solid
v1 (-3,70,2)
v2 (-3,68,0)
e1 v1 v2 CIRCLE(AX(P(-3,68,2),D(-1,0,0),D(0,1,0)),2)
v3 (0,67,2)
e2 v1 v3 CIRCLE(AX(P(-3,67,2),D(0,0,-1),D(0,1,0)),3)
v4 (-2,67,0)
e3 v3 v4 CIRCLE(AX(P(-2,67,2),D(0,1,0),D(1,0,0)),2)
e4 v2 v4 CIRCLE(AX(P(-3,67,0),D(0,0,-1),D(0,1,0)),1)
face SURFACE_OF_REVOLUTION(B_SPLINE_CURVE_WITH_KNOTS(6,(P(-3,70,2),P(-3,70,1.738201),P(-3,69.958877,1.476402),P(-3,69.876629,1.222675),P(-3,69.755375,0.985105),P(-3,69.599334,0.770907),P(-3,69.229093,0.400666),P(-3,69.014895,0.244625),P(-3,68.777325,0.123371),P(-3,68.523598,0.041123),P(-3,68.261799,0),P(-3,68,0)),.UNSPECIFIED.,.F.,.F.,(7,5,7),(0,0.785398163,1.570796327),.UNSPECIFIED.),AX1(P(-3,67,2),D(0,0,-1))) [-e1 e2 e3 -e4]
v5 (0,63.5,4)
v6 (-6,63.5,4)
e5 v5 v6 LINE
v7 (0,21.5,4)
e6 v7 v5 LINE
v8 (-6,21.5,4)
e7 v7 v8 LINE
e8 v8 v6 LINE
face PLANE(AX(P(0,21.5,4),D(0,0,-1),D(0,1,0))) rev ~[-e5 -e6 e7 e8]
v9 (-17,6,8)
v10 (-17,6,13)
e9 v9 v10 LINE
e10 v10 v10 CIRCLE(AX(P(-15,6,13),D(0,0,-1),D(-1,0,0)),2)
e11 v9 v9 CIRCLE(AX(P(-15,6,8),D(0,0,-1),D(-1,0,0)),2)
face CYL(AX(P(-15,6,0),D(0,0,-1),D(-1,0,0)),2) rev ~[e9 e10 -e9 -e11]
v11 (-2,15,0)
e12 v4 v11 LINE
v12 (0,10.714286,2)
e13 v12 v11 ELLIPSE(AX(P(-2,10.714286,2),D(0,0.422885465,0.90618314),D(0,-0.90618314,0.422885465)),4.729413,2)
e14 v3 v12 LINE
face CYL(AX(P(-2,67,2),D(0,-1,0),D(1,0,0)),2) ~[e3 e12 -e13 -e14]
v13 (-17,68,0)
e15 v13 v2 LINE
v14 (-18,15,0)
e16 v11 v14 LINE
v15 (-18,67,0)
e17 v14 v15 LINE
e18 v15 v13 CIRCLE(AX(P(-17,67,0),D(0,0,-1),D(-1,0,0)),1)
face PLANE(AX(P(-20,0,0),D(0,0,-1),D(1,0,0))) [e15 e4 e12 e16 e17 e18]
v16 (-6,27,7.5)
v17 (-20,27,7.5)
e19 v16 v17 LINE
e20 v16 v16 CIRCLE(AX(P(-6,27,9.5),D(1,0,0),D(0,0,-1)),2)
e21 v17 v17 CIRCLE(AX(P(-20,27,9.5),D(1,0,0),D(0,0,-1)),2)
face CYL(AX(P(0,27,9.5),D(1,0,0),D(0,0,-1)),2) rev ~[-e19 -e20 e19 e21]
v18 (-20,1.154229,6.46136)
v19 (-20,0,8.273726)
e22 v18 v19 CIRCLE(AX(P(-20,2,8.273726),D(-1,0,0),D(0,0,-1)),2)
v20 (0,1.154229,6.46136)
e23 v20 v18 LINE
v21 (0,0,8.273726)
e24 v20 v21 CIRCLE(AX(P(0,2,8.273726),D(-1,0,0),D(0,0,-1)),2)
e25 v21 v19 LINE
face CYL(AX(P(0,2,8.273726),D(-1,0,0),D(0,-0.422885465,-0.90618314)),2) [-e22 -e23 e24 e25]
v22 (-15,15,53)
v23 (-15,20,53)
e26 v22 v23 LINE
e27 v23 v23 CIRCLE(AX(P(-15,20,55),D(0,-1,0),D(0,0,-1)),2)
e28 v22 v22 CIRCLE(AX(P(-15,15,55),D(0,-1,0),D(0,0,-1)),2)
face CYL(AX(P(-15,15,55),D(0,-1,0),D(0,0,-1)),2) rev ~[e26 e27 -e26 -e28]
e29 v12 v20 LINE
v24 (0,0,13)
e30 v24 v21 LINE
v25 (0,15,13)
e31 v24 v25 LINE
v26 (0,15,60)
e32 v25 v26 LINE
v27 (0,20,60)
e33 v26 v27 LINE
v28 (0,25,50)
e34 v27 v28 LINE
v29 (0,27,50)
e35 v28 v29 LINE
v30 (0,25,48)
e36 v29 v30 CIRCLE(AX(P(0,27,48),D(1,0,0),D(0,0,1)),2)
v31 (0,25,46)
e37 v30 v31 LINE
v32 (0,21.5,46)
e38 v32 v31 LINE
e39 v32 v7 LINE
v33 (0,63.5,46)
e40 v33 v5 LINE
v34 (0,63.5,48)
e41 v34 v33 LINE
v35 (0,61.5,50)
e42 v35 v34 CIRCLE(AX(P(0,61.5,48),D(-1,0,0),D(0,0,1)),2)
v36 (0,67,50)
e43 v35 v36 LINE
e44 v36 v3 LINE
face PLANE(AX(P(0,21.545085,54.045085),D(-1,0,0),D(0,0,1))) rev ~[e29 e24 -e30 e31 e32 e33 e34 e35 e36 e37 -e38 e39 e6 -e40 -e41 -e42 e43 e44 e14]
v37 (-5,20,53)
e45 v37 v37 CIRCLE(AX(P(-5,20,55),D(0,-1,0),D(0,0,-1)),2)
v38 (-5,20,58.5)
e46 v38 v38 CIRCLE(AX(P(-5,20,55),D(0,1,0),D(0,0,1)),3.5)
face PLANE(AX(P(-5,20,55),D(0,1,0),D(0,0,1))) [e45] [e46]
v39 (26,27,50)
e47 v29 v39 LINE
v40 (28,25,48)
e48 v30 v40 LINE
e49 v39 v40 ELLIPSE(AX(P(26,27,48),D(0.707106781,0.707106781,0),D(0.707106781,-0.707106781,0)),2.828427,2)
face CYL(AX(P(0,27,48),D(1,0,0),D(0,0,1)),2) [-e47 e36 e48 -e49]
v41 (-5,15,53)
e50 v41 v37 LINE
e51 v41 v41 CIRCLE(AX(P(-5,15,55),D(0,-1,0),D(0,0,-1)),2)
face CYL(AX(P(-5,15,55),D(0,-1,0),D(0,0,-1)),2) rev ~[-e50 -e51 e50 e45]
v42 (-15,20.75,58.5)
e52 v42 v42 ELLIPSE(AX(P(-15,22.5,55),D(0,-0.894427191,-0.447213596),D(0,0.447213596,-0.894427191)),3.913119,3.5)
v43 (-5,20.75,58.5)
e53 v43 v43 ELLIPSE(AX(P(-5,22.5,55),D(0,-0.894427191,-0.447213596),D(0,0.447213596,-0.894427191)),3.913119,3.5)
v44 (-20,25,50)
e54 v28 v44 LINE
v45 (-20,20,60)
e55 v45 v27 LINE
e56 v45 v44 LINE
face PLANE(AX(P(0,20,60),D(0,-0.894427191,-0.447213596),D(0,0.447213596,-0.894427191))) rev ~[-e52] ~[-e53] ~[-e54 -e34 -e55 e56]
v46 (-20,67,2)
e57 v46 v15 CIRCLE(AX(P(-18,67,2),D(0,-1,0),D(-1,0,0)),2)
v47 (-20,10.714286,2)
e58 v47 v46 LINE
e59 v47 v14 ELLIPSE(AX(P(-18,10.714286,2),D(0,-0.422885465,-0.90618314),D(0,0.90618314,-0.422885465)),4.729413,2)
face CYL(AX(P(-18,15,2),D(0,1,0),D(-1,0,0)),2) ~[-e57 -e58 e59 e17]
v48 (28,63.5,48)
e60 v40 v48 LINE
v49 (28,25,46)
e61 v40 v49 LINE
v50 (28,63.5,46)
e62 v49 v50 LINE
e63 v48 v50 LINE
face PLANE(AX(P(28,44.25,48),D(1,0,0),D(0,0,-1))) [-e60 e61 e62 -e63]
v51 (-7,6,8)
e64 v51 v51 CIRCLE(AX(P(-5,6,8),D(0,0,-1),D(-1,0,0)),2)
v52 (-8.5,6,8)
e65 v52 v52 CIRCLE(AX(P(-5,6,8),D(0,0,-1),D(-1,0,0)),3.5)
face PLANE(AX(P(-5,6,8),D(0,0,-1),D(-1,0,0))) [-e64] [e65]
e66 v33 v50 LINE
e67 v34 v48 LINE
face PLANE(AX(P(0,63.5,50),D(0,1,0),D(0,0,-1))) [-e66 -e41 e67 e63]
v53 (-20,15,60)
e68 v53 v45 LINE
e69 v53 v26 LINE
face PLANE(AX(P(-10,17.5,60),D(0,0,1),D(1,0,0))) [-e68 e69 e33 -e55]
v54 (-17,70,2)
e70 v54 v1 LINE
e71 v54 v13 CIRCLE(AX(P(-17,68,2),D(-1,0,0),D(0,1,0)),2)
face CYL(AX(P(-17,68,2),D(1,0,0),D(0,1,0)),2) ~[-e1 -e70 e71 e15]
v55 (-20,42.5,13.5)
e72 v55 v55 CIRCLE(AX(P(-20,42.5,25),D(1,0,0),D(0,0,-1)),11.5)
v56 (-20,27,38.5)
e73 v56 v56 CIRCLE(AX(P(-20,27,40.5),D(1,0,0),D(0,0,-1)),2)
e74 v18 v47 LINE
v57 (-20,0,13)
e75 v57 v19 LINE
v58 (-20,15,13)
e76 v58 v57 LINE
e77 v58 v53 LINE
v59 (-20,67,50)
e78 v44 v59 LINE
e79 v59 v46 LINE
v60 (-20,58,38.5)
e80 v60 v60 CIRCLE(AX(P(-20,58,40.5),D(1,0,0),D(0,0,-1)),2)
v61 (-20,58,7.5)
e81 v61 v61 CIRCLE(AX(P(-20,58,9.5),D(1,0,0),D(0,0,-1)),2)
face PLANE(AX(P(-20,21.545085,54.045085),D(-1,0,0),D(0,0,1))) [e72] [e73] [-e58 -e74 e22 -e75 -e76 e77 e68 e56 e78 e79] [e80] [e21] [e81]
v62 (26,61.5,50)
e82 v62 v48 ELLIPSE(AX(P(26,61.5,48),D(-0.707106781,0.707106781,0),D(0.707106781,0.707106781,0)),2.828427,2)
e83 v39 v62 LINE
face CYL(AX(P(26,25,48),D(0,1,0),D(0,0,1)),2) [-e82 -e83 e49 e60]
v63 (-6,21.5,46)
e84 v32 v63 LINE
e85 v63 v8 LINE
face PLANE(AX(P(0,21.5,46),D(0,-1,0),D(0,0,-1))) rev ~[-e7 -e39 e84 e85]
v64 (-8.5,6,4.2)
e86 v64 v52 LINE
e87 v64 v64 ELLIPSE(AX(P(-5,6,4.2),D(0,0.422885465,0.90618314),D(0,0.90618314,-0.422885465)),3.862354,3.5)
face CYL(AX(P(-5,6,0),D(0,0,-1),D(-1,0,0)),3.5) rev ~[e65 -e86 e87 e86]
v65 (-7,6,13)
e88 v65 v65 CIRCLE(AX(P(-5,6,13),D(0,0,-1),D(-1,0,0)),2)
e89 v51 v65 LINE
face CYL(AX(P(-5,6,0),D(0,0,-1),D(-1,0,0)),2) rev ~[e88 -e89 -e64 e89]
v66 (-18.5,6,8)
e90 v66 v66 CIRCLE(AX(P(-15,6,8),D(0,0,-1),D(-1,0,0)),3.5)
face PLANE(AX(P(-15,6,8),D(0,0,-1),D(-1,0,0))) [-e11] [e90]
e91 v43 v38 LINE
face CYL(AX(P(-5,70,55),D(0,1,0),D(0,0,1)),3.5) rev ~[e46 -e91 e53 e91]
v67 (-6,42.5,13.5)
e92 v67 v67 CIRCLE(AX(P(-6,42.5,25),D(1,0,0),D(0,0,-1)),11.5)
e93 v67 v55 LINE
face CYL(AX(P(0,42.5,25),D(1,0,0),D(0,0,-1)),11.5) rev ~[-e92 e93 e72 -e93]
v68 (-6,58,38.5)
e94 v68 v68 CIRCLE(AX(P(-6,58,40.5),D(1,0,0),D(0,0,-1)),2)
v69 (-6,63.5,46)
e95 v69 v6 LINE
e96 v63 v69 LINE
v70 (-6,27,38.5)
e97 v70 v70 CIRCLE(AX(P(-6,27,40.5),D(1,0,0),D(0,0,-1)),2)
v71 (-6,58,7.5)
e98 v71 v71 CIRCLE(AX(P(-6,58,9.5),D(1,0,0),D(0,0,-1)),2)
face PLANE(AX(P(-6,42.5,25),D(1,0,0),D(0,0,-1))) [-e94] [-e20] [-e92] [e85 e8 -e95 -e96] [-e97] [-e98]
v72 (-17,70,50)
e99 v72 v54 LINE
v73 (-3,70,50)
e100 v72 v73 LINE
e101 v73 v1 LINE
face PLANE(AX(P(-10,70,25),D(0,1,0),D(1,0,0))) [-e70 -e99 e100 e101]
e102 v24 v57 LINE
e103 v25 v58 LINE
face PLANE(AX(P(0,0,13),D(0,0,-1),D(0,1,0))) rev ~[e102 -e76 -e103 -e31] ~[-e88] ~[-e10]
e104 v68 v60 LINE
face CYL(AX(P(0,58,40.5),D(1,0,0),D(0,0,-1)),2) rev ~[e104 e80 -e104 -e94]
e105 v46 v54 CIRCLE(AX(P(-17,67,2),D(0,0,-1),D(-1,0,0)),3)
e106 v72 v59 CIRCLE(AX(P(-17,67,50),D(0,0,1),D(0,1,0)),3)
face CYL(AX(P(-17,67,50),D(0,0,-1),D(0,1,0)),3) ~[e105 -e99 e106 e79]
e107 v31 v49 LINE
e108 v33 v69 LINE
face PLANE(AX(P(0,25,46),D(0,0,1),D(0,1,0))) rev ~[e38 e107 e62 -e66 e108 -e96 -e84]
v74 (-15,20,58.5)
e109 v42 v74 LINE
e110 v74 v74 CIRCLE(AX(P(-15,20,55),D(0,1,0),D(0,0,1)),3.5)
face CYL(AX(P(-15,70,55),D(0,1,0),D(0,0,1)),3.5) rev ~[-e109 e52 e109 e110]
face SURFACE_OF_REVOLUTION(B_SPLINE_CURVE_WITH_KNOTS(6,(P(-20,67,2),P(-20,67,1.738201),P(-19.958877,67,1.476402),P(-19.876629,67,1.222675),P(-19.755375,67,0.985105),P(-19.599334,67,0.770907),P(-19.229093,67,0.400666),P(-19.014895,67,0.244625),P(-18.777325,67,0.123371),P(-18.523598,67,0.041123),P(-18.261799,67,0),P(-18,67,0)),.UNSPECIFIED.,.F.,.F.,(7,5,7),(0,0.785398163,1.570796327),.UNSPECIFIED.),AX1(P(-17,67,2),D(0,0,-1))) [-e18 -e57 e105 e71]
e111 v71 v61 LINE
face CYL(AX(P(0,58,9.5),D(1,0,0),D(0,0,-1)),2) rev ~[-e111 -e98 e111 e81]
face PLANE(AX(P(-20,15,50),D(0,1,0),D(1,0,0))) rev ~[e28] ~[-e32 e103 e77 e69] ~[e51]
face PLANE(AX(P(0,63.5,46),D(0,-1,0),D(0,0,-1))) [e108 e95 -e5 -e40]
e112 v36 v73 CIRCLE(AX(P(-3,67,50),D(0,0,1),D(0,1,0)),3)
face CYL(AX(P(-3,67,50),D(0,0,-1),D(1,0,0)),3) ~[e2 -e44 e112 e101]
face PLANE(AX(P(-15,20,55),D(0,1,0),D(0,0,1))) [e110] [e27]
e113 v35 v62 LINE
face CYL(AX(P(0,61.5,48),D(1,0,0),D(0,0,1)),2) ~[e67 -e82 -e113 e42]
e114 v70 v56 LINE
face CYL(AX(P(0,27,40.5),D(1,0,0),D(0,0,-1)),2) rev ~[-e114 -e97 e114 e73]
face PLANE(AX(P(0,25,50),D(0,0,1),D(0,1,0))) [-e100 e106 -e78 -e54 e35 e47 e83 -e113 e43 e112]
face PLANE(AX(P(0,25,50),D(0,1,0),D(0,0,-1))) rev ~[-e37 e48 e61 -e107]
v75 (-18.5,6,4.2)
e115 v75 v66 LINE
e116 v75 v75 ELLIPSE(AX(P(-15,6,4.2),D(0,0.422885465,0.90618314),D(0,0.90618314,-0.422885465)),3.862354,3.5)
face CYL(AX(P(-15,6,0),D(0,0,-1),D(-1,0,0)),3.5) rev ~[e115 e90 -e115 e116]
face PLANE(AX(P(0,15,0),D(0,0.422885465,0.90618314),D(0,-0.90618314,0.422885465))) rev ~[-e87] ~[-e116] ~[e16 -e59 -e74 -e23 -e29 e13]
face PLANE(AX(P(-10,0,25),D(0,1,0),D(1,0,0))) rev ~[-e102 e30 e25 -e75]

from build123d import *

# Parameters (mm, degrees)
SKETCH1_W           = 20
SKETCH1_H           = 50
BOSS_EXTRUDE1_DEPTH = 70
SKETCH2_R           = 2
SKETCH2_R_2         = 11.5
CUT_EXTRUDE2_DEPTH  = 60
SKETCH4_W           = 37
SKETCH4_H           = 15
CUT_EXTRUDE3_DEPTH  = 60
SKETCH8_R           = 2
CUT_EXTRUDE5_DEPTH  = 15
SKETCH9_W           = 42
SKETCH9_H           = 42
CUT_EXTRUDE6_DEPTH  = 6
CUT_EXTRUDE8_DEPTH  = 30
SKETCH12_W          = 20
SKETCH12_H          = 5
BOSS_EXTRUDE2_DEPTH = 10
BOSS_EXTRUDE3_DEPTH = 20
SKETCH15_R          = 2
CUT_EXTRUDE9_DEPTH  = 10
SKETCH17_R          = 3.5
CUT_EXTRUDE11_DEPTH = 8
SKETCH18_R          = 3.5
CUT_EXTRUDE12_DEPTH = 50
FILLET2_R           = 3
FILLET3_R           = 3
FILLET5_R           = 2
FILLET6_R           = 2
SKETCH19_W          = 4
SKETCH19_H          = 38.5
BOSS_EXTRUDE4_DEPTH = 28
FILLET7_R           = 2


with BuildPart() as part:
    # Sketch1 → Boss-Extrude1 (new body)
    with BuildSketch(Plane(origin=(0, 0, 0), x_dir=(1, 0, 0), z_dir=(0, 1, 0))):
        with Locations((-10, -25)):
            Rectangle(SKETCH1_W, SKETCH1_H)
    extrude(amount=BOSS_EXTRUDE1_DEPTH)

    # Sketch2 → Cut-Extrude2 (cut)
    with BuildSketch(Plane(origin=(0, 0, 0), x_dir=(0, 0, -1), z_dir=(1, 0, 0))):
        with Locations((-9.5, 58)):
            Circle(SKETCH2_R)
        with Locations((-25, 42.5)):
            Circle(SKETCH2_R_2)
        with Locations((-9.5, 27)):
            Circle(SKETCH2_R)
        with Locations((-40.5, 27)):
            Circle(SKETCH2_R)
        with Locations((-40.5, 58)):
            Circle(SKETCH2_R)
    extrude(amount=-CUT_EXTRUDE2_DEPTH, mode=Mode.SUBTRACT)

    # Sketch4 → Cut-Extrude3 (cut)
    with BuildSketch(Plane(origin=(0, 0, 0), x_dir=(0, 0, -1), z_dir=(1, 0, 0))):
        with Locations((-31.5, 7.5)):
            Rectangle(SKETCH4_W, SKETCH4_H)
    extrude(amount=-CUT_EXTRUDE3_DEPTH, mode=Mode.SUBTRACT)

    # Sketch8 → Cut-Extrude5 (cut)
    with BuildSketch(Plane(origin=(0, 0, 0), x_dir=(-1, 0, 0), z_dir=(0, 0, -1))):
        with Locations((15, 6)):
            Circle(SKETCH8_R)
        with Locations((5, 6)):
            Circle(SKETCH8_R)
    extrude(amount=-CUT_EXTRUDE5_DEPTH, mode=Mode.SUBTRACT)

    # Sketch9 → Cut-Extrude6 (cut)
    with BuildSketch(Plane(origin=(0, 0, 0), x_dir=(0, 0, -1), z_dir=(1, 0, 0))):
        with Locations((-25, 42.5)):
            Rectangle(SKETCH9_W, SKETCH9_H)
    extrude(amount=-CUT_EXTRUDE6_DEPTH, mode=Mode.SUBTRACT)

    # Sketch11 → Cut-Extrude8 (cut)
    with BuildSketch(Plane(origin=(0, 0, 0), x_dir=(0, 0, -1), z_dir=(1, 0, 0))):
        Polygon((-7, 0), (0, 0), (0, 15), align=None)
    extrude(amount=-CUT_EXTRUDE8_DEPTH, mode=Mode.SUBTRACT)

    # Sketch12 → Boss-Extrude2 (add)
    with BuildSketch(Plane.XY.offset(50)):
        with Locations((-10, 17.5)):
            Rectangle(SKETCH12_W, SKETCH12_H)
    extrude(amount=BOSS_EXTRUDE2_DEPTH)

    # Sketch14 → Boss-Extrude3 (add)
    with BuildSketch(Plane(origin=(0, 0, 0), x_dir=(0, 0, -1), z_dir=(1, 0, 0))):
        Polygon((-50, 20), (-60, 20), (-50, 25), align=None)
    extrude(amount=-BOSS_EXTRUDE3_DEPTH)

    # Sketch15 → Cut-Extrude9 (cut)
    with BuildSketch(Plane(origin=(0, 15, 0), x_dir=(-1, 0, 0), z_dir=(0, -1, 0))):
        with Locations(Location((5, -55, 0), (0, 0, 90))):
            Circle(SKETCH15_R)
        with Locations(Location((15, -55, 0), (0, 0, 90))):
            Circle(SKETCH15_R)
    extrude(amount=-CUT_EXTRUDE9_DEPTH, mode=Mode.SUBTRACT)

    # Sketch17 → Cut-Extrude11 (cut)
    with BuildSketch(Plane(origin=(0, 0, 0), x_dir=(-1, 0, 0), z_dir=(0, 0, -1))):
        with Locations((15, 6)):
            Circle(SKETCH17_R)
        with Locations((5, 6)):
            Circle(SKETCH17_R)
    extrude(amount=-CUT_EXTRUDE11_DEPTH, mode=Mode.SUBTRACT)

    # Sketch18 → Cut-Extrude12 (cut)
    with BuildSketch(Plane(origin=(0, 70, 0), x_dir=(1, 0, 0), z_dir=(0, 1, 0))):
        with Locations(Location((-15, -55, 0), (0, 0, 270))):
            Circle(SKETCH18_R)
        with Locations(Location((-5, -55, 0), (0, 0, 270))):
            Circle(SKETCH18_R)
    extrude(amount=-CUT_EXTRUDE12_DEPTH, mode=Mode.SUBTRACT)

    # Fillet2
    fillet2_edges = [part.edges().sort_by_distance(p)[0] for p in [
        (0, 70, 25),
    ]]
    fillet(fillet2_edges, radius=FILLET2_R)

    # Fillet3
    fillet3_edges = [part.edges().sort_by_distance(p)[0] for p in [
        (-20, 70, 25),
    ]]
    fillet(fillet3_edges, radius=FILLET3_R)

    # Fillet5
    fillet5_edges = [part.edges().sort_by_distance(p)[0] for p in [
        (-10, 70, 0),
        (0, 41, 0),
        (-0.878679656, 69.121320344, 0),
        (-20, 41, 0),
        (-19.121320344, 69.121320344, 0),
    ]]
    fillet(fillet5_edges, radius=FILLET5_R)

    # Fillet6
    fillet6_edges = [part.edges().sort_by_distance(p)[0] for p in [
        (-10, 0, 7),
    ]]
    fillet(fillet6_edges, radius=FILLET6_R)

    # Sketch19 → Boss-Extrude4 (add)
    with BuildSketch(Plane(origin=(0, 0, 0), x_dir=(0, 0, -1), z_dir=(1, 0, 0))):
        with Locations((-48, 44.25)):
            Rectangle(SKETCH19_W, SKETCH19_H)
    extrude(amount=BOSS_EXTRUDE4_DEPTH)

    # Fillet7
    fillet7_edges = [part.edges().sort_by_distance(p)[0] for p in [
        (14, 63.5, 50),
        (14, 25, 50),
        (28, 44.25, 50),
    ]]
    fillet(fillet7_edges, radius=FILLET7_R)


solid = part.part
